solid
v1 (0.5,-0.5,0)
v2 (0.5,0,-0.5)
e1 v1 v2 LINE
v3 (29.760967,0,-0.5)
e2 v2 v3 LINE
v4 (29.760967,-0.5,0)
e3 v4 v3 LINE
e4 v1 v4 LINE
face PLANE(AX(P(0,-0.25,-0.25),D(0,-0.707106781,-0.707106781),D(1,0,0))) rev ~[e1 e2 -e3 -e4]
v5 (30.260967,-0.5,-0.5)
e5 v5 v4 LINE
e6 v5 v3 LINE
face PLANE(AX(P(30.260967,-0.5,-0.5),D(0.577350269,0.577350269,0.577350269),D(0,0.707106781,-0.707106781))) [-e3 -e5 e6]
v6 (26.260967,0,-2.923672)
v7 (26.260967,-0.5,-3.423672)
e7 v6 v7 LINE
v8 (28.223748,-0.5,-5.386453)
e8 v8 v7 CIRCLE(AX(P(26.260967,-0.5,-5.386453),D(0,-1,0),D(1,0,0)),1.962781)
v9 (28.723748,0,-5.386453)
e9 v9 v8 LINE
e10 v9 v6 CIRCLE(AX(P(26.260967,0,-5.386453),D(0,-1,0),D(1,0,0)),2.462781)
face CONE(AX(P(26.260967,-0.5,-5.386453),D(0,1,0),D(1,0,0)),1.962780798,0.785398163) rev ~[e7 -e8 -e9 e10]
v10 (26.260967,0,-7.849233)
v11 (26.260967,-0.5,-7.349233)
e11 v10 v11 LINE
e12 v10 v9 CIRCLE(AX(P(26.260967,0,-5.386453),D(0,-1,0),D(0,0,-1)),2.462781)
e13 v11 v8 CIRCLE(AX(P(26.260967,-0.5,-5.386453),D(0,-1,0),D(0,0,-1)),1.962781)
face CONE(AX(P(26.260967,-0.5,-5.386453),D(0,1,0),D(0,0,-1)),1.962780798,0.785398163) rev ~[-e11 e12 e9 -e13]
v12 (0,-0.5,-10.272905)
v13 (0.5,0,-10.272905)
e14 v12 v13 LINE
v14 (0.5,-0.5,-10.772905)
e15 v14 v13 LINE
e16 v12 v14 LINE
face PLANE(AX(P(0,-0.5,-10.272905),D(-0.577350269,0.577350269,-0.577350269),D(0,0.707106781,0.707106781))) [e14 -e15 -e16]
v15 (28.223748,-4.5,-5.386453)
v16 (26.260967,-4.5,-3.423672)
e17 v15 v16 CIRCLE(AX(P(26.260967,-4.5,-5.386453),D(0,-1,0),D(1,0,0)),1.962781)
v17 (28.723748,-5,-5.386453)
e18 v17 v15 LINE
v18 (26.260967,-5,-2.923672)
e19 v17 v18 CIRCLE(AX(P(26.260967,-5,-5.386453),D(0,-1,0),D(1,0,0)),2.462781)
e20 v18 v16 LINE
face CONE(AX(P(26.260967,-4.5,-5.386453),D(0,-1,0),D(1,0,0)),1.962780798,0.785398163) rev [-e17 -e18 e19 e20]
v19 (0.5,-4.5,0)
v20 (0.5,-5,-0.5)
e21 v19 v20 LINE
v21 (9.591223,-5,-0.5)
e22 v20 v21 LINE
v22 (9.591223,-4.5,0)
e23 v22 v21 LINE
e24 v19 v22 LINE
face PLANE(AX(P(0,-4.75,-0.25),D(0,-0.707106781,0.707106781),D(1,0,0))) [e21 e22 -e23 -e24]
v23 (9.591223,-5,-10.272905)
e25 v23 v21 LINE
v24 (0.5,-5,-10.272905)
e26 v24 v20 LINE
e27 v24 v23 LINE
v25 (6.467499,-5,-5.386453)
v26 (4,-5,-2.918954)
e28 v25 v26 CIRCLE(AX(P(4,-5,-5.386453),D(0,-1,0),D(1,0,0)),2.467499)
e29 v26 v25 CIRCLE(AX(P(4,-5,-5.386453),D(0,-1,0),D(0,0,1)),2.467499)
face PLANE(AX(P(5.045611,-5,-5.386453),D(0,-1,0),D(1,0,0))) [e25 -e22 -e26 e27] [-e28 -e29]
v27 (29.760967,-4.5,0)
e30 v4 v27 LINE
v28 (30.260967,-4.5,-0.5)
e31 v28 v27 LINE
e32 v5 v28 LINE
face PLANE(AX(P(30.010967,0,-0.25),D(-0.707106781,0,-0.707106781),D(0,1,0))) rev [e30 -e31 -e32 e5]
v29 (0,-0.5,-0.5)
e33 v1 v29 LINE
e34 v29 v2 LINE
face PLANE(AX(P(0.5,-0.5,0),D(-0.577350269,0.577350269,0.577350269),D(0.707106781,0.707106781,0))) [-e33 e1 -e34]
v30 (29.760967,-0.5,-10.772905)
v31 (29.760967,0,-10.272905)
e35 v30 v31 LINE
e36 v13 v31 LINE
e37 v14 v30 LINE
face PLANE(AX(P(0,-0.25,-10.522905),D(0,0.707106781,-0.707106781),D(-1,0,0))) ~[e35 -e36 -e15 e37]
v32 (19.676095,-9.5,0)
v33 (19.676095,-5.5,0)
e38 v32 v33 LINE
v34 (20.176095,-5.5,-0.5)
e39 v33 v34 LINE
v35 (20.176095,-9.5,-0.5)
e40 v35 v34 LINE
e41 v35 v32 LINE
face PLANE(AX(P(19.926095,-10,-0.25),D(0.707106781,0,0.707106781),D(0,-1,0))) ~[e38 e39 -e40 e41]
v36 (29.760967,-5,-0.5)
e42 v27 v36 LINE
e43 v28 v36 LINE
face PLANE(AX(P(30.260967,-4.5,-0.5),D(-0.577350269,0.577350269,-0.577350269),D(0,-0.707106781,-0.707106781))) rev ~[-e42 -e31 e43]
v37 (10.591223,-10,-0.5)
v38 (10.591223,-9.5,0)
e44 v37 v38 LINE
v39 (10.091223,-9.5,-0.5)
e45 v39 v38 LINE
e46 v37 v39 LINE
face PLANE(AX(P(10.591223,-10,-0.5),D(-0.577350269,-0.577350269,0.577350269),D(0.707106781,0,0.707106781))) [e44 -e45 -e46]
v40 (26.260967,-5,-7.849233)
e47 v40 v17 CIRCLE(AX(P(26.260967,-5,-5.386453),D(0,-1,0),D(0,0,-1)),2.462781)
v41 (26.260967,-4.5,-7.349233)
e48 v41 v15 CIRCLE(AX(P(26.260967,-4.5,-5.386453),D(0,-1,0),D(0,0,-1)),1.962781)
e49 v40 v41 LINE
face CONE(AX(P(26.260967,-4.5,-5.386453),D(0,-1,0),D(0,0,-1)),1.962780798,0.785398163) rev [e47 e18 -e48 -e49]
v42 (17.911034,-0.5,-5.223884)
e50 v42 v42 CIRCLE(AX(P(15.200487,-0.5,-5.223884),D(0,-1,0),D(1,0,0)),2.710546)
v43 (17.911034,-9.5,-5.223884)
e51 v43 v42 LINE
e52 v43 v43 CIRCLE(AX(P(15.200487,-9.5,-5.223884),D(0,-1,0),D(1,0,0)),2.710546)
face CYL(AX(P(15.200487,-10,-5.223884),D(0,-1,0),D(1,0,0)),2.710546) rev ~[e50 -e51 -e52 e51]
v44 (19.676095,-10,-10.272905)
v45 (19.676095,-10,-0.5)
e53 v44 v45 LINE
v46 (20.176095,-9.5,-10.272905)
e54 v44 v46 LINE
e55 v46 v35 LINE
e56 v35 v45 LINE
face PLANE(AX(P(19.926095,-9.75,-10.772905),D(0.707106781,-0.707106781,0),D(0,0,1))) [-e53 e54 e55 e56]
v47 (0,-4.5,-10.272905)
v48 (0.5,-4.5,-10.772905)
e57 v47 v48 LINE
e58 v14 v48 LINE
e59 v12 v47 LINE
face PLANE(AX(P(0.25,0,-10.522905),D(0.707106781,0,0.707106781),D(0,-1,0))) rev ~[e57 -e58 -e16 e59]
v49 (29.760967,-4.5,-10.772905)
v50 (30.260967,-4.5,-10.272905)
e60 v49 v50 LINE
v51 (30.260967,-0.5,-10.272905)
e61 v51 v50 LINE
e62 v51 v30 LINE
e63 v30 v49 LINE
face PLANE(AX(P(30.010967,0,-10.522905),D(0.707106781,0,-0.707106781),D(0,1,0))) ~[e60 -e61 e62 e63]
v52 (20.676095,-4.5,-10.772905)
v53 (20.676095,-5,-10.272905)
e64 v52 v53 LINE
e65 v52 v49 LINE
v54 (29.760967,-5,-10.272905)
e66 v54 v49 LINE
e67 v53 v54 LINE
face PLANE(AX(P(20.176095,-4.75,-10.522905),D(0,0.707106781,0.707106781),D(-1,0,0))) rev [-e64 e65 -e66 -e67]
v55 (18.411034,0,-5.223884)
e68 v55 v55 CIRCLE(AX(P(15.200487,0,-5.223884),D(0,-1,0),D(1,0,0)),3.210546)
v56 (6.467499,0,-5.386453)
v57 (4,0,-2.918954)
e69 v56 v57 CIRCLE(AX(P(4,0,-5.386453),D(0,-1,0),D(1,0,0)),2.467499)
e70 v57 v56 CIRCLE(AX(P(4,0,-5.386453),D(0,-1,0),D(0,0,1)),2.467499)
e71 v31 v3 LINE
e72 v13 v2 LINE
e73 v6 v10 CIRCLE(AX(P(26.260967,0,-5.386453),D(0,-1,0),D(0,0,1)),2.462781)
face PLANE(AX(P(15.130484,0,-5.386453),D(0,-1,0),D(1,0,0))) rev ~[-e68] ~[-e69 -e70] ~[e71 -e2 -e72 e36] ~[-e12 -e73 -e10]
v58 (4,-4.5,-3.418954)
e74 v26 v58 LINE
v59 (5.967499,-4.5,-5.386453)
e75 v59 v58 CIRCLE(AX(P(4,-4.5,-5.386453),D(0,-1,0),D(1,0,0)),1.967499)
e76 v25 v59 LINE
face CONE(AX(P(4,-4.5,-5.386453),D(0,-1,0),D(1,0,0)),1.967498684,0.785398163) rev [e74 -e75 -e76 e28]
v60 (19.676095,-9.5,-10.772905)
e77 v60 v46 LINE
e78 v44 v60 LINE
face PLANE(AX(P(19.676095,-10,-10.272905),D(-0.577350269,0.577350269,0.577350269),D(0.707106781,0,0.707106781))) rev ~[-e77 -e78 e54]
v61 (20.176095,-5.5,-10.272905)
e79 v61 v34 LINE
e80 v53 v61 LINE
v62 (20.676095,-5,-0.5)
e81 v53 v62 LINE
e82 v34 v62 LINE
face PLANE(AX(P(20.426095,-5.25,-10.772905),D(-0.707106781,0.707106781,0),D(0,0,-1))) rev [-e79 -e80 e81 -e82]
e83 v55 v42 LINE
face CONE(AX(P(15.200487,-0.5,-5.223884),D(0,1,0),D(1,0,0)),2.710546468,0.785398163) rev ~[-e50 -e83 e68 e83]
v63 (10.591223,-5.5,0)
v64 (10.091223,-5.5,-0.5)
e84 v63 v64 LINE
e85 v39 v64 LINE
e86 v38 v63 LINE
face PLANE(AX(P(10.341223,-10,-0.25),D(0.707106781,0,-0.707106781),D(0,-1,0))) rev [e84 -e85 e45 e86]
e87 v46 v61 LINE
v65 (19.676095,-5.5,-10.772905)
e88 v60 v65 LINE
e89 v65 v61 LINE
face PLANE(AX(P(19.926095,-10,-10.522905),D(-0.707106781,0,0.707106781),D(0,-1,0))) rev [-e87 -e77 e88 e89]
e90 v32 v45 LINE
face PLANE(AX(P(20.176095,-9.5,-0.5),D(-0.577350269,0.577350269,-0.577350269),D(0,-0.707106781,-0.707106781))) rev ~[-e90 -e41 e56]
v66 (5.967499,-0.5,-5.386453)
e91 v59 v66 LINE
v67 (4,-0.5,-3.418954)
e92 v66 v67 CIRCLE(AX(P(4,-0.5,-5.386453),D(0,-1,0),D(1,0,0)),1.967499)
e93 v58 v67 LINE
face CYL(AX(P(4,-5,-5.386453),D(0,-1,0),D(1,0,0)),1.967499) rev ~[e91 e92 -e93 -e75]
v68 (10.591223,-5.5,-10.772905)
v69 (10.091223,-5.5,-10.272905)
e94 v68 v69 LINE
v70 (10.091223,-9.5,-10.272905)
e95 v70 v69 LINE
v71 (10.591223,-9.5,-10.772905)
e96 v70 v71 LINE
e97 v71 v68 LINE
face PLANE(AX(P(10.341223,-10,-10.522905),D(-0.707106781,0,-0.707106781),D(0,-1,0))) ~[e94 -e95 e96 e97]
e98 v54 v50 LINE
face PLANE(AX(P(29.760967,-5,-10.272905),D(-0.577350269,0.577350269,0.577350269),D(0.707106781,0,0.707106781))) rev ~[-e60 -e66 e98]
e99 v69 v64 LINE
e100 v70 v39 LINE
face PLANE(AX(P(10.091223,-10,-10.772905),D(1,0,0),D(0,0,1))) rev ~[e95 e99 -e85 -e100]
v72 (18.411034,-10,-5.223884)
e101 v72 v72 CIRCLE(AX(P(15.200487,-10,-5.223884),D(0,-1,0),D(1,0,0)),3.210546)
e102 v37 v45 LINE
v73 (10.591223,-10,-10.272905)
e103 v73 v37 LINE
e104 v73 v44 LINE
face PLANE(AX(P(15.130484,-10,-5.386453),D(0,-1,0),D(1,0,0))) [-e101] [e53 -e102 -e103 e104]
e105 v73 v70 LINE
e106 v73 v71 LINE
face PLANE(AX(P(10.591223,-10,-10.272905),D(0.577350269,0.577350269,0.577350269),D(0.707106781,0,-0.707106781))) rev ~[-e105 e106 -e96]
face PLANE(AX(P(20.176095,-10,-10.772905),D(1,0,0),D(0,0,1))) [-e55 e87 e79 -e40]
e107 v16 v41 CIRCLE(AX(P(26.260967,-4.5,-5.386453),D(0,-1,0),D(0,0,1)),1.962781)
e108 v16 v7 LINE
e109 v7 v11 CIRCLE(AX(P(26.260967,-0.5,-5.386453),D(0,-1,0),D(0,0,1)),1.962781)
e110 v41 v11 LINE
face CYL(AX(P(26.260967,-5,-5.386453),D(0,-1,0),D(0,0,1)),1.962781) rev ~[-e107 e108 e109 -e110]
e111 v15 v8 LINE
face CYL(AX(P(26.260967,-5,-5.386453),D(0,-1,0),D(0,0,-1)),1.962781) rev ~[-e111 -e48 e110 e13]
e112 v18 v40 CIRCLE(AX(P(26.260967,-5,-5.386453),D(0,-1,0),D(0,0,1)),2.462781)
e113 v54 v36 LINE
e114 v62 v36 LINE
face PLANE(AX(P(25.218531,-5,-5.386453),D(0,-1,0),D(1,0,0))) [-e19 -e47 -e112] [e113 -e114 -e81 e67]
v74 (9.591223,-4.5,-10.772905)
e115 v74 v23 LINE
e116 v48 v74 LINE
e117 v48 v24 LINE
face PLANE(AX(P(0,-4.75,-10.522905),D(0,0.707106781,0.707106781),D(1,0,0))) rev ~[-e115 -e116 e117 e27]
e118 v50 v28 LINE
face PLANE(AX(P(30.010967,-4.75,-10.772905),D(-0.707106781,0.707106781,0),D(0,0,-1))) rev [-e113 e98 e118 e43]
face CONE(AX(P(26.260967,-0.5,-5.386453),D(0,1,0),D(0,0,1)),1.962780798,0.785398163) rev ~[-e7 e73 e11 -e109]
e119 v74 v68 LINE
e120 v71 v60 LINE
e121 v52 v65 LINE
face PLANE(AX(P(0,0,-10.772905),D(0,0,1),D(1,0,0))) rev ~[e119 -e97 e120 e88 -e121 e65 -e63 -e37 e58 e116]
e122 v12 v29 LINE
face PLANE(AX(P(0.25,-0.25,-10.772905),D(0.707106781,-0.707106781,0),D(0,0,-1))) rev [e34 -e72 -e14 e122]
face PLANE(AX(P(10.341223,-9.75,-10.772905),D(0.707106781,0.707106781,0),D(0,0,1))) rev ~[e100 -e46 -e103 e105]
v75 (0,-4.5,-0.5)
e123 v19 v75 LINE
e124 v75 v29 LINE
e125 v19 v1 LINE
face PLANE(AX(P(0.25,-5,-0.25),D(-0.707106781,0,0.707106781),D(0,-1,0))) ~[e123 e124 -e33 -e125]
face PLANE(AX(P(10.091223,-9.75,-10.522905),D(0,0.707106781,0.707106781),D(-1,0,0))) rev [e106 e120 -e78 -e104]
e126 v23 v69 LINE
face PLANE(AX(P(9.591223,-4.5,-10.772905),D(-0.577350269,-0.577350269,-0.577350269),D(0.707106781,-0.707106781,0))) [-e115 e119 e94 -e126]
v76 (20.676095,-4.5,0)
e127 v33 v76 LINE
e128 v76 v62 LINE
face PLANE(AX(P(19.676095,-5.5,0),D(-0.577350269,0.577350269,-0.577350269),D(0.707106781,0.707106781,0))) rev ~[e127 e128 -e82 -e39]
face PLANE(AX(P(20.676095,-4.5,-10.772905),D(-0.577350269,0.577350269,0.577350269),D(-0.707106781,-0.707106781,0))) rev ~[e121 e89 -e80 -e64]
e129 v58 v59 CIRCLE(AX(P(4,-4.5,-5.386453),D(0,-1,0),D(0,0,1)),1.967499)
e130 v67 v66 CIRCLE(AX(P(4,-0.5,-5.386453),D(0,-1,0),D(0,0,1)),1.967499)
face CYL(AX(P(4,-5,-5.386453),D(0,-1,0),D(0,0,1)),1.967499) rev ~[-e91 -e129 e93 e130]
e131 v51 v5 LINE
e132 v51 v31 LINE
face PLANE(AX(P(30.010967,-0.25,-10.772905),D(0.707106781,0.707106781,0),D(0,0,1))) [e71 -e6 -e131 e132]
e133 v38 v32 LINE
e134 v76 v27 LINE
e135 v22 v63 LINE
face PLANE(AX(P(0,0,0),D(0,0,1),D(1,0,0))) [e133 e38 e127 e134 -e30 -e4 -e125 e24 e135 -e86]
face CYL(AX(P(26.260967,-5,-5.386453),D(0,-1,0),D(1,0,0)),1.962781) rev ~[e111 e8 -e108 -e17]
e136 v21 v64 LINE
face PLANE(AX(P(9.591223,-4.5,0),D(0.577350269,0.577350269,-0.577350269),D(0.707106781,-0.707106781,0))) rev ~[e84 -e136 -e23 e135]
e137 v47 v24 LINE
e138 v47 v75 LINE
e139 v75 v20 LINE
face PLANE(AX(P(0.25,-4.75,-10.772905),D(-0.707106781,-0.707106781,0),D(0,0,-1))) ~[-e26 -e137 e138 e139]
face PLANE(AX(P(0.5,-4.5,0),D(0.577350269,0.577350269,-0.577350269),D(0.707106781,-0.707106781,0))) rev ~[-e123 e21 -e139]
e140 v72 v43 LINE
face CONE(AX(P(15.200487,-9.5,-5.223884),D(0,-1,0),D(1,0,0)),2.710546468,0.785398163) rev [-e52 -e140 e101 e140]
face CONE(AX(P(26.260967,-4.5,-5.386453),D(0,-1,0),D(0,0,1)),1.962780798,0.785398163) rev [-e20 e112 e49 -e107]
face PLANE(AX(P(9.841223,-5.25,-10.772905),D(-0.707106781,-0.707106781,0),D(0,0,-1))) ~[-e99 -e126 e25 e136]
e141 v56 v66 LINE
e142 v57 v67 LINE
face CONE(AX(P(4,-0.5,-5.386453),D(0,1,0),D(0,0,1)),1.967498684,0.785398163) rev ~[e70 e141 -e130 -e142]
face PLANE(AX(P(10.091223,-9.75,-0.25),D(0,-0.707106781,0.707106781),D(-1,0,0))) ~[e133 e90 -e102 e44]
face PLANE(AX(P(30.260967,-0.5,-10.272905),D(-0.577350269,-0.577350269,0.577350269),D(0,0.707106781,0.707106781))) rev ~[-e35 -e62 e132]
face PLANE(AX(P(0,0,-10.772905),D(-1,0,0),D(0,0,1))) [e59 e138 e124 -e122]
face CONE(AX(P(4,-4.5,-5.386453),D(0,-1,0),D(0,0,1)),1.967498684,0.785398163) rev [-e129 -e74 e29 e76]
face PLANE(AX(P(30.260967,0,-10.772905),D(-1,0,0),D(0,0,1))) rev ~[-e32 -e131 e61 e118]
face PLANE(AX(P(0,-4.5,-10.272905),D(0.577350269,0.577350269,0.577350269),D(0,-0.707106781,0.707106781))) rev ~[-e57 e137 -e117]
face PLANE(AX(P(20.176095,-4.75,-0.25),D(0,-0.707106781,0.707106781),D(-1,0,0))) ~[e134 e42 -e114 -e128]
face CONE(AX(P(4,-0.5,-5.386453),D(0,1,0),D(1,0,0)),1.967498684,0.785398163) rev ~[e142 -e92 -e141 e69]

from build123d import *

# Parameters (mm, degrees)
F0_W      = 30.2609670907
F0_H      = 10.7729053125
F1_DEPTH  = 10
F2_W      = 10.0509477779
F2_H      = 10.7729053125
F3_DEPTH  = 5
F4_W      = 10.0912228227
F4_H      = 10.7729053125
F5_DEPTH  = 5
F6_W      = 10.084872134
F6_H      = 10.7729053125
F7_DEPTH  = 5
F8_R      = 2.7105464677
F9_DEPTH  = 25
F11_DEPTH = 25
F13_DEPTH = 25
F14_SIZE  = 0.5


with BuildPart() as f1:
    # F0 (on Front) → F1 (new body)
    with BuildSketch(Plane.XZ):
        with Locations((15.1304835454, -5.3864526562)):
            Rectangle(F0_W, F0_H)
    extrude(amount=F1_DEPTH)

    # F2 (on face) → F3 (join)
    with BuildSketch(Plane.XZ.offset(10)):
        with Locations((5.025473889, -5.3864526562)):
            Rectangle(F2_W, F2_H)
    extrude(amount=-F3_DEPTH)

    # F4 (on face) → F5 (cut)
    with BuildSketch(Plane.XZ.offset(10)):
        with Locations((5.0456114113, -5.3864526562)):
            Rectangle(F4_W, F4_H)
    extrude(amount=-F5_DEPTH, mode=Mode.SUBTRACT)

    # F6 (on face) → F7 (cut)
    with BuildSketch(Plane.XZ.offset(10)):
        with Locations((25.2185310237, -5.3864526562)):
            Rectangle(F6_W, F6_H)
    extrude(amount=-F7_DEPTH, mode=Mode.SUBTRACT)

    # F8 (on face) → F9 (cut)
    with BuildSketch(Plane.XZ.offset(10)):
        with Locations((15.200487338, -5.2238842472)):
            Circle(F8_R)
    extrude(amount=-F9_DEPTH, mode=Mode.SUBTRACT)

    # F10 (on face) → F11 (cut)
    with BuildSketch(Plane.XZ.offset(5)):
        with BuildLine():
            ThreePointArc((5.9674986844, -5.3864526562), (5.3912316617, -3.9952209945), (4, -3.4189539719))
            Line((4, -3.4189539719), (4, -7.3539513406))
            ThreePointArc((4, -7.3539513406), (5.3912316617, -6.7776843179), (5.9674986844, -5.3864526562))
        make_face()
        with BuildLine():
            Line((4, -7.3539513406), (4, -3.4189539719))
            ThreePointArc((4, -3.4189539719), (2.0325013156, -5.3864526562), (4, -7.3539513406))
        make_face()
    extrude(amount=-F11_DEPTH, mode=Mode.SUBTRACT)

    # F12 (on face) → F13 (cut)
    with BuildSketch(Plane.XZ.offset(5)):
        with BuildLine():
            ThreePointArc((28.2237478891, -5.3864526562), (27.6488627033, -3.9985570437), (26.2609670907, -3.4236718578))
            Line((26.2609670907, -3.4236718578), (26.2609670907, -7.3492334546))
            ThreePointArc((26.2609670907, -7.3492334546), (27.6488627033, -6.7743482688), (28.2237478891, -5.3864526562))
        make_face()
        with BuildLine():
            Line((26.2609670907, -7.3492334546), (26.2609670907, -3.4236718578))
            ThreePointArc((26.2609670907, -3.4236718578), (24.2981862923, -5.3864526562), (26.2609670907, -7.3492334546))
        make_face()
    extrude(amount=-F13_DEPTH, mode=Mode.SUBTRACT)

    # F14
    f14_edges = [f1.edges().sort_by_distance(p)[0] for p in [
        (12.489941, -10, -5.223884),
        (24.298186, -5, -5.386453),
        (2.032501, -5, -5.386453),
        (10.091223, -7.5, -10.772905),
        (10.091223, -7.5, 0),
        (10.091223, -10, -5.386453),
        (10.091223, -5, -5.386453),
        (15.130484, 0, -10.772905),
        (30.260967, -2.5, -10.772905),
        (25.218531, -5, -10.772905),
        (20.176095, -7.5, -10.772905),
        (15.133659, -10, -10.772905),
        (5.045611, -5, -10.772905),
        (0, -2.5, -10.772905),
        (0, 0, -5.386453),
        (0, -5, -5.386453),
        (0, -2.5, 0),
        (15.130484, 0, 0),
        (5.045611, -5, 0),
        (15.133659, -10, 0),
        (20.176095, -7.5, 0),
        (25.218531, -5, 0),
        (30.260967, -2.5, 0),
        (20.176095, -10, -5.386453),
        (20.176095, -5, -5.386453),
        (30.260967, 0, -5.386453),
        (30.260967, -5, -5.386453),
        (2.032501, 0, -5.386453),
        (24.298186, 0, -5.386453),
        (12.489941, 0, -5.223884),
    ]]
    chamfer(f14_edges, length=F14_SIZE)


solid = f1.part
